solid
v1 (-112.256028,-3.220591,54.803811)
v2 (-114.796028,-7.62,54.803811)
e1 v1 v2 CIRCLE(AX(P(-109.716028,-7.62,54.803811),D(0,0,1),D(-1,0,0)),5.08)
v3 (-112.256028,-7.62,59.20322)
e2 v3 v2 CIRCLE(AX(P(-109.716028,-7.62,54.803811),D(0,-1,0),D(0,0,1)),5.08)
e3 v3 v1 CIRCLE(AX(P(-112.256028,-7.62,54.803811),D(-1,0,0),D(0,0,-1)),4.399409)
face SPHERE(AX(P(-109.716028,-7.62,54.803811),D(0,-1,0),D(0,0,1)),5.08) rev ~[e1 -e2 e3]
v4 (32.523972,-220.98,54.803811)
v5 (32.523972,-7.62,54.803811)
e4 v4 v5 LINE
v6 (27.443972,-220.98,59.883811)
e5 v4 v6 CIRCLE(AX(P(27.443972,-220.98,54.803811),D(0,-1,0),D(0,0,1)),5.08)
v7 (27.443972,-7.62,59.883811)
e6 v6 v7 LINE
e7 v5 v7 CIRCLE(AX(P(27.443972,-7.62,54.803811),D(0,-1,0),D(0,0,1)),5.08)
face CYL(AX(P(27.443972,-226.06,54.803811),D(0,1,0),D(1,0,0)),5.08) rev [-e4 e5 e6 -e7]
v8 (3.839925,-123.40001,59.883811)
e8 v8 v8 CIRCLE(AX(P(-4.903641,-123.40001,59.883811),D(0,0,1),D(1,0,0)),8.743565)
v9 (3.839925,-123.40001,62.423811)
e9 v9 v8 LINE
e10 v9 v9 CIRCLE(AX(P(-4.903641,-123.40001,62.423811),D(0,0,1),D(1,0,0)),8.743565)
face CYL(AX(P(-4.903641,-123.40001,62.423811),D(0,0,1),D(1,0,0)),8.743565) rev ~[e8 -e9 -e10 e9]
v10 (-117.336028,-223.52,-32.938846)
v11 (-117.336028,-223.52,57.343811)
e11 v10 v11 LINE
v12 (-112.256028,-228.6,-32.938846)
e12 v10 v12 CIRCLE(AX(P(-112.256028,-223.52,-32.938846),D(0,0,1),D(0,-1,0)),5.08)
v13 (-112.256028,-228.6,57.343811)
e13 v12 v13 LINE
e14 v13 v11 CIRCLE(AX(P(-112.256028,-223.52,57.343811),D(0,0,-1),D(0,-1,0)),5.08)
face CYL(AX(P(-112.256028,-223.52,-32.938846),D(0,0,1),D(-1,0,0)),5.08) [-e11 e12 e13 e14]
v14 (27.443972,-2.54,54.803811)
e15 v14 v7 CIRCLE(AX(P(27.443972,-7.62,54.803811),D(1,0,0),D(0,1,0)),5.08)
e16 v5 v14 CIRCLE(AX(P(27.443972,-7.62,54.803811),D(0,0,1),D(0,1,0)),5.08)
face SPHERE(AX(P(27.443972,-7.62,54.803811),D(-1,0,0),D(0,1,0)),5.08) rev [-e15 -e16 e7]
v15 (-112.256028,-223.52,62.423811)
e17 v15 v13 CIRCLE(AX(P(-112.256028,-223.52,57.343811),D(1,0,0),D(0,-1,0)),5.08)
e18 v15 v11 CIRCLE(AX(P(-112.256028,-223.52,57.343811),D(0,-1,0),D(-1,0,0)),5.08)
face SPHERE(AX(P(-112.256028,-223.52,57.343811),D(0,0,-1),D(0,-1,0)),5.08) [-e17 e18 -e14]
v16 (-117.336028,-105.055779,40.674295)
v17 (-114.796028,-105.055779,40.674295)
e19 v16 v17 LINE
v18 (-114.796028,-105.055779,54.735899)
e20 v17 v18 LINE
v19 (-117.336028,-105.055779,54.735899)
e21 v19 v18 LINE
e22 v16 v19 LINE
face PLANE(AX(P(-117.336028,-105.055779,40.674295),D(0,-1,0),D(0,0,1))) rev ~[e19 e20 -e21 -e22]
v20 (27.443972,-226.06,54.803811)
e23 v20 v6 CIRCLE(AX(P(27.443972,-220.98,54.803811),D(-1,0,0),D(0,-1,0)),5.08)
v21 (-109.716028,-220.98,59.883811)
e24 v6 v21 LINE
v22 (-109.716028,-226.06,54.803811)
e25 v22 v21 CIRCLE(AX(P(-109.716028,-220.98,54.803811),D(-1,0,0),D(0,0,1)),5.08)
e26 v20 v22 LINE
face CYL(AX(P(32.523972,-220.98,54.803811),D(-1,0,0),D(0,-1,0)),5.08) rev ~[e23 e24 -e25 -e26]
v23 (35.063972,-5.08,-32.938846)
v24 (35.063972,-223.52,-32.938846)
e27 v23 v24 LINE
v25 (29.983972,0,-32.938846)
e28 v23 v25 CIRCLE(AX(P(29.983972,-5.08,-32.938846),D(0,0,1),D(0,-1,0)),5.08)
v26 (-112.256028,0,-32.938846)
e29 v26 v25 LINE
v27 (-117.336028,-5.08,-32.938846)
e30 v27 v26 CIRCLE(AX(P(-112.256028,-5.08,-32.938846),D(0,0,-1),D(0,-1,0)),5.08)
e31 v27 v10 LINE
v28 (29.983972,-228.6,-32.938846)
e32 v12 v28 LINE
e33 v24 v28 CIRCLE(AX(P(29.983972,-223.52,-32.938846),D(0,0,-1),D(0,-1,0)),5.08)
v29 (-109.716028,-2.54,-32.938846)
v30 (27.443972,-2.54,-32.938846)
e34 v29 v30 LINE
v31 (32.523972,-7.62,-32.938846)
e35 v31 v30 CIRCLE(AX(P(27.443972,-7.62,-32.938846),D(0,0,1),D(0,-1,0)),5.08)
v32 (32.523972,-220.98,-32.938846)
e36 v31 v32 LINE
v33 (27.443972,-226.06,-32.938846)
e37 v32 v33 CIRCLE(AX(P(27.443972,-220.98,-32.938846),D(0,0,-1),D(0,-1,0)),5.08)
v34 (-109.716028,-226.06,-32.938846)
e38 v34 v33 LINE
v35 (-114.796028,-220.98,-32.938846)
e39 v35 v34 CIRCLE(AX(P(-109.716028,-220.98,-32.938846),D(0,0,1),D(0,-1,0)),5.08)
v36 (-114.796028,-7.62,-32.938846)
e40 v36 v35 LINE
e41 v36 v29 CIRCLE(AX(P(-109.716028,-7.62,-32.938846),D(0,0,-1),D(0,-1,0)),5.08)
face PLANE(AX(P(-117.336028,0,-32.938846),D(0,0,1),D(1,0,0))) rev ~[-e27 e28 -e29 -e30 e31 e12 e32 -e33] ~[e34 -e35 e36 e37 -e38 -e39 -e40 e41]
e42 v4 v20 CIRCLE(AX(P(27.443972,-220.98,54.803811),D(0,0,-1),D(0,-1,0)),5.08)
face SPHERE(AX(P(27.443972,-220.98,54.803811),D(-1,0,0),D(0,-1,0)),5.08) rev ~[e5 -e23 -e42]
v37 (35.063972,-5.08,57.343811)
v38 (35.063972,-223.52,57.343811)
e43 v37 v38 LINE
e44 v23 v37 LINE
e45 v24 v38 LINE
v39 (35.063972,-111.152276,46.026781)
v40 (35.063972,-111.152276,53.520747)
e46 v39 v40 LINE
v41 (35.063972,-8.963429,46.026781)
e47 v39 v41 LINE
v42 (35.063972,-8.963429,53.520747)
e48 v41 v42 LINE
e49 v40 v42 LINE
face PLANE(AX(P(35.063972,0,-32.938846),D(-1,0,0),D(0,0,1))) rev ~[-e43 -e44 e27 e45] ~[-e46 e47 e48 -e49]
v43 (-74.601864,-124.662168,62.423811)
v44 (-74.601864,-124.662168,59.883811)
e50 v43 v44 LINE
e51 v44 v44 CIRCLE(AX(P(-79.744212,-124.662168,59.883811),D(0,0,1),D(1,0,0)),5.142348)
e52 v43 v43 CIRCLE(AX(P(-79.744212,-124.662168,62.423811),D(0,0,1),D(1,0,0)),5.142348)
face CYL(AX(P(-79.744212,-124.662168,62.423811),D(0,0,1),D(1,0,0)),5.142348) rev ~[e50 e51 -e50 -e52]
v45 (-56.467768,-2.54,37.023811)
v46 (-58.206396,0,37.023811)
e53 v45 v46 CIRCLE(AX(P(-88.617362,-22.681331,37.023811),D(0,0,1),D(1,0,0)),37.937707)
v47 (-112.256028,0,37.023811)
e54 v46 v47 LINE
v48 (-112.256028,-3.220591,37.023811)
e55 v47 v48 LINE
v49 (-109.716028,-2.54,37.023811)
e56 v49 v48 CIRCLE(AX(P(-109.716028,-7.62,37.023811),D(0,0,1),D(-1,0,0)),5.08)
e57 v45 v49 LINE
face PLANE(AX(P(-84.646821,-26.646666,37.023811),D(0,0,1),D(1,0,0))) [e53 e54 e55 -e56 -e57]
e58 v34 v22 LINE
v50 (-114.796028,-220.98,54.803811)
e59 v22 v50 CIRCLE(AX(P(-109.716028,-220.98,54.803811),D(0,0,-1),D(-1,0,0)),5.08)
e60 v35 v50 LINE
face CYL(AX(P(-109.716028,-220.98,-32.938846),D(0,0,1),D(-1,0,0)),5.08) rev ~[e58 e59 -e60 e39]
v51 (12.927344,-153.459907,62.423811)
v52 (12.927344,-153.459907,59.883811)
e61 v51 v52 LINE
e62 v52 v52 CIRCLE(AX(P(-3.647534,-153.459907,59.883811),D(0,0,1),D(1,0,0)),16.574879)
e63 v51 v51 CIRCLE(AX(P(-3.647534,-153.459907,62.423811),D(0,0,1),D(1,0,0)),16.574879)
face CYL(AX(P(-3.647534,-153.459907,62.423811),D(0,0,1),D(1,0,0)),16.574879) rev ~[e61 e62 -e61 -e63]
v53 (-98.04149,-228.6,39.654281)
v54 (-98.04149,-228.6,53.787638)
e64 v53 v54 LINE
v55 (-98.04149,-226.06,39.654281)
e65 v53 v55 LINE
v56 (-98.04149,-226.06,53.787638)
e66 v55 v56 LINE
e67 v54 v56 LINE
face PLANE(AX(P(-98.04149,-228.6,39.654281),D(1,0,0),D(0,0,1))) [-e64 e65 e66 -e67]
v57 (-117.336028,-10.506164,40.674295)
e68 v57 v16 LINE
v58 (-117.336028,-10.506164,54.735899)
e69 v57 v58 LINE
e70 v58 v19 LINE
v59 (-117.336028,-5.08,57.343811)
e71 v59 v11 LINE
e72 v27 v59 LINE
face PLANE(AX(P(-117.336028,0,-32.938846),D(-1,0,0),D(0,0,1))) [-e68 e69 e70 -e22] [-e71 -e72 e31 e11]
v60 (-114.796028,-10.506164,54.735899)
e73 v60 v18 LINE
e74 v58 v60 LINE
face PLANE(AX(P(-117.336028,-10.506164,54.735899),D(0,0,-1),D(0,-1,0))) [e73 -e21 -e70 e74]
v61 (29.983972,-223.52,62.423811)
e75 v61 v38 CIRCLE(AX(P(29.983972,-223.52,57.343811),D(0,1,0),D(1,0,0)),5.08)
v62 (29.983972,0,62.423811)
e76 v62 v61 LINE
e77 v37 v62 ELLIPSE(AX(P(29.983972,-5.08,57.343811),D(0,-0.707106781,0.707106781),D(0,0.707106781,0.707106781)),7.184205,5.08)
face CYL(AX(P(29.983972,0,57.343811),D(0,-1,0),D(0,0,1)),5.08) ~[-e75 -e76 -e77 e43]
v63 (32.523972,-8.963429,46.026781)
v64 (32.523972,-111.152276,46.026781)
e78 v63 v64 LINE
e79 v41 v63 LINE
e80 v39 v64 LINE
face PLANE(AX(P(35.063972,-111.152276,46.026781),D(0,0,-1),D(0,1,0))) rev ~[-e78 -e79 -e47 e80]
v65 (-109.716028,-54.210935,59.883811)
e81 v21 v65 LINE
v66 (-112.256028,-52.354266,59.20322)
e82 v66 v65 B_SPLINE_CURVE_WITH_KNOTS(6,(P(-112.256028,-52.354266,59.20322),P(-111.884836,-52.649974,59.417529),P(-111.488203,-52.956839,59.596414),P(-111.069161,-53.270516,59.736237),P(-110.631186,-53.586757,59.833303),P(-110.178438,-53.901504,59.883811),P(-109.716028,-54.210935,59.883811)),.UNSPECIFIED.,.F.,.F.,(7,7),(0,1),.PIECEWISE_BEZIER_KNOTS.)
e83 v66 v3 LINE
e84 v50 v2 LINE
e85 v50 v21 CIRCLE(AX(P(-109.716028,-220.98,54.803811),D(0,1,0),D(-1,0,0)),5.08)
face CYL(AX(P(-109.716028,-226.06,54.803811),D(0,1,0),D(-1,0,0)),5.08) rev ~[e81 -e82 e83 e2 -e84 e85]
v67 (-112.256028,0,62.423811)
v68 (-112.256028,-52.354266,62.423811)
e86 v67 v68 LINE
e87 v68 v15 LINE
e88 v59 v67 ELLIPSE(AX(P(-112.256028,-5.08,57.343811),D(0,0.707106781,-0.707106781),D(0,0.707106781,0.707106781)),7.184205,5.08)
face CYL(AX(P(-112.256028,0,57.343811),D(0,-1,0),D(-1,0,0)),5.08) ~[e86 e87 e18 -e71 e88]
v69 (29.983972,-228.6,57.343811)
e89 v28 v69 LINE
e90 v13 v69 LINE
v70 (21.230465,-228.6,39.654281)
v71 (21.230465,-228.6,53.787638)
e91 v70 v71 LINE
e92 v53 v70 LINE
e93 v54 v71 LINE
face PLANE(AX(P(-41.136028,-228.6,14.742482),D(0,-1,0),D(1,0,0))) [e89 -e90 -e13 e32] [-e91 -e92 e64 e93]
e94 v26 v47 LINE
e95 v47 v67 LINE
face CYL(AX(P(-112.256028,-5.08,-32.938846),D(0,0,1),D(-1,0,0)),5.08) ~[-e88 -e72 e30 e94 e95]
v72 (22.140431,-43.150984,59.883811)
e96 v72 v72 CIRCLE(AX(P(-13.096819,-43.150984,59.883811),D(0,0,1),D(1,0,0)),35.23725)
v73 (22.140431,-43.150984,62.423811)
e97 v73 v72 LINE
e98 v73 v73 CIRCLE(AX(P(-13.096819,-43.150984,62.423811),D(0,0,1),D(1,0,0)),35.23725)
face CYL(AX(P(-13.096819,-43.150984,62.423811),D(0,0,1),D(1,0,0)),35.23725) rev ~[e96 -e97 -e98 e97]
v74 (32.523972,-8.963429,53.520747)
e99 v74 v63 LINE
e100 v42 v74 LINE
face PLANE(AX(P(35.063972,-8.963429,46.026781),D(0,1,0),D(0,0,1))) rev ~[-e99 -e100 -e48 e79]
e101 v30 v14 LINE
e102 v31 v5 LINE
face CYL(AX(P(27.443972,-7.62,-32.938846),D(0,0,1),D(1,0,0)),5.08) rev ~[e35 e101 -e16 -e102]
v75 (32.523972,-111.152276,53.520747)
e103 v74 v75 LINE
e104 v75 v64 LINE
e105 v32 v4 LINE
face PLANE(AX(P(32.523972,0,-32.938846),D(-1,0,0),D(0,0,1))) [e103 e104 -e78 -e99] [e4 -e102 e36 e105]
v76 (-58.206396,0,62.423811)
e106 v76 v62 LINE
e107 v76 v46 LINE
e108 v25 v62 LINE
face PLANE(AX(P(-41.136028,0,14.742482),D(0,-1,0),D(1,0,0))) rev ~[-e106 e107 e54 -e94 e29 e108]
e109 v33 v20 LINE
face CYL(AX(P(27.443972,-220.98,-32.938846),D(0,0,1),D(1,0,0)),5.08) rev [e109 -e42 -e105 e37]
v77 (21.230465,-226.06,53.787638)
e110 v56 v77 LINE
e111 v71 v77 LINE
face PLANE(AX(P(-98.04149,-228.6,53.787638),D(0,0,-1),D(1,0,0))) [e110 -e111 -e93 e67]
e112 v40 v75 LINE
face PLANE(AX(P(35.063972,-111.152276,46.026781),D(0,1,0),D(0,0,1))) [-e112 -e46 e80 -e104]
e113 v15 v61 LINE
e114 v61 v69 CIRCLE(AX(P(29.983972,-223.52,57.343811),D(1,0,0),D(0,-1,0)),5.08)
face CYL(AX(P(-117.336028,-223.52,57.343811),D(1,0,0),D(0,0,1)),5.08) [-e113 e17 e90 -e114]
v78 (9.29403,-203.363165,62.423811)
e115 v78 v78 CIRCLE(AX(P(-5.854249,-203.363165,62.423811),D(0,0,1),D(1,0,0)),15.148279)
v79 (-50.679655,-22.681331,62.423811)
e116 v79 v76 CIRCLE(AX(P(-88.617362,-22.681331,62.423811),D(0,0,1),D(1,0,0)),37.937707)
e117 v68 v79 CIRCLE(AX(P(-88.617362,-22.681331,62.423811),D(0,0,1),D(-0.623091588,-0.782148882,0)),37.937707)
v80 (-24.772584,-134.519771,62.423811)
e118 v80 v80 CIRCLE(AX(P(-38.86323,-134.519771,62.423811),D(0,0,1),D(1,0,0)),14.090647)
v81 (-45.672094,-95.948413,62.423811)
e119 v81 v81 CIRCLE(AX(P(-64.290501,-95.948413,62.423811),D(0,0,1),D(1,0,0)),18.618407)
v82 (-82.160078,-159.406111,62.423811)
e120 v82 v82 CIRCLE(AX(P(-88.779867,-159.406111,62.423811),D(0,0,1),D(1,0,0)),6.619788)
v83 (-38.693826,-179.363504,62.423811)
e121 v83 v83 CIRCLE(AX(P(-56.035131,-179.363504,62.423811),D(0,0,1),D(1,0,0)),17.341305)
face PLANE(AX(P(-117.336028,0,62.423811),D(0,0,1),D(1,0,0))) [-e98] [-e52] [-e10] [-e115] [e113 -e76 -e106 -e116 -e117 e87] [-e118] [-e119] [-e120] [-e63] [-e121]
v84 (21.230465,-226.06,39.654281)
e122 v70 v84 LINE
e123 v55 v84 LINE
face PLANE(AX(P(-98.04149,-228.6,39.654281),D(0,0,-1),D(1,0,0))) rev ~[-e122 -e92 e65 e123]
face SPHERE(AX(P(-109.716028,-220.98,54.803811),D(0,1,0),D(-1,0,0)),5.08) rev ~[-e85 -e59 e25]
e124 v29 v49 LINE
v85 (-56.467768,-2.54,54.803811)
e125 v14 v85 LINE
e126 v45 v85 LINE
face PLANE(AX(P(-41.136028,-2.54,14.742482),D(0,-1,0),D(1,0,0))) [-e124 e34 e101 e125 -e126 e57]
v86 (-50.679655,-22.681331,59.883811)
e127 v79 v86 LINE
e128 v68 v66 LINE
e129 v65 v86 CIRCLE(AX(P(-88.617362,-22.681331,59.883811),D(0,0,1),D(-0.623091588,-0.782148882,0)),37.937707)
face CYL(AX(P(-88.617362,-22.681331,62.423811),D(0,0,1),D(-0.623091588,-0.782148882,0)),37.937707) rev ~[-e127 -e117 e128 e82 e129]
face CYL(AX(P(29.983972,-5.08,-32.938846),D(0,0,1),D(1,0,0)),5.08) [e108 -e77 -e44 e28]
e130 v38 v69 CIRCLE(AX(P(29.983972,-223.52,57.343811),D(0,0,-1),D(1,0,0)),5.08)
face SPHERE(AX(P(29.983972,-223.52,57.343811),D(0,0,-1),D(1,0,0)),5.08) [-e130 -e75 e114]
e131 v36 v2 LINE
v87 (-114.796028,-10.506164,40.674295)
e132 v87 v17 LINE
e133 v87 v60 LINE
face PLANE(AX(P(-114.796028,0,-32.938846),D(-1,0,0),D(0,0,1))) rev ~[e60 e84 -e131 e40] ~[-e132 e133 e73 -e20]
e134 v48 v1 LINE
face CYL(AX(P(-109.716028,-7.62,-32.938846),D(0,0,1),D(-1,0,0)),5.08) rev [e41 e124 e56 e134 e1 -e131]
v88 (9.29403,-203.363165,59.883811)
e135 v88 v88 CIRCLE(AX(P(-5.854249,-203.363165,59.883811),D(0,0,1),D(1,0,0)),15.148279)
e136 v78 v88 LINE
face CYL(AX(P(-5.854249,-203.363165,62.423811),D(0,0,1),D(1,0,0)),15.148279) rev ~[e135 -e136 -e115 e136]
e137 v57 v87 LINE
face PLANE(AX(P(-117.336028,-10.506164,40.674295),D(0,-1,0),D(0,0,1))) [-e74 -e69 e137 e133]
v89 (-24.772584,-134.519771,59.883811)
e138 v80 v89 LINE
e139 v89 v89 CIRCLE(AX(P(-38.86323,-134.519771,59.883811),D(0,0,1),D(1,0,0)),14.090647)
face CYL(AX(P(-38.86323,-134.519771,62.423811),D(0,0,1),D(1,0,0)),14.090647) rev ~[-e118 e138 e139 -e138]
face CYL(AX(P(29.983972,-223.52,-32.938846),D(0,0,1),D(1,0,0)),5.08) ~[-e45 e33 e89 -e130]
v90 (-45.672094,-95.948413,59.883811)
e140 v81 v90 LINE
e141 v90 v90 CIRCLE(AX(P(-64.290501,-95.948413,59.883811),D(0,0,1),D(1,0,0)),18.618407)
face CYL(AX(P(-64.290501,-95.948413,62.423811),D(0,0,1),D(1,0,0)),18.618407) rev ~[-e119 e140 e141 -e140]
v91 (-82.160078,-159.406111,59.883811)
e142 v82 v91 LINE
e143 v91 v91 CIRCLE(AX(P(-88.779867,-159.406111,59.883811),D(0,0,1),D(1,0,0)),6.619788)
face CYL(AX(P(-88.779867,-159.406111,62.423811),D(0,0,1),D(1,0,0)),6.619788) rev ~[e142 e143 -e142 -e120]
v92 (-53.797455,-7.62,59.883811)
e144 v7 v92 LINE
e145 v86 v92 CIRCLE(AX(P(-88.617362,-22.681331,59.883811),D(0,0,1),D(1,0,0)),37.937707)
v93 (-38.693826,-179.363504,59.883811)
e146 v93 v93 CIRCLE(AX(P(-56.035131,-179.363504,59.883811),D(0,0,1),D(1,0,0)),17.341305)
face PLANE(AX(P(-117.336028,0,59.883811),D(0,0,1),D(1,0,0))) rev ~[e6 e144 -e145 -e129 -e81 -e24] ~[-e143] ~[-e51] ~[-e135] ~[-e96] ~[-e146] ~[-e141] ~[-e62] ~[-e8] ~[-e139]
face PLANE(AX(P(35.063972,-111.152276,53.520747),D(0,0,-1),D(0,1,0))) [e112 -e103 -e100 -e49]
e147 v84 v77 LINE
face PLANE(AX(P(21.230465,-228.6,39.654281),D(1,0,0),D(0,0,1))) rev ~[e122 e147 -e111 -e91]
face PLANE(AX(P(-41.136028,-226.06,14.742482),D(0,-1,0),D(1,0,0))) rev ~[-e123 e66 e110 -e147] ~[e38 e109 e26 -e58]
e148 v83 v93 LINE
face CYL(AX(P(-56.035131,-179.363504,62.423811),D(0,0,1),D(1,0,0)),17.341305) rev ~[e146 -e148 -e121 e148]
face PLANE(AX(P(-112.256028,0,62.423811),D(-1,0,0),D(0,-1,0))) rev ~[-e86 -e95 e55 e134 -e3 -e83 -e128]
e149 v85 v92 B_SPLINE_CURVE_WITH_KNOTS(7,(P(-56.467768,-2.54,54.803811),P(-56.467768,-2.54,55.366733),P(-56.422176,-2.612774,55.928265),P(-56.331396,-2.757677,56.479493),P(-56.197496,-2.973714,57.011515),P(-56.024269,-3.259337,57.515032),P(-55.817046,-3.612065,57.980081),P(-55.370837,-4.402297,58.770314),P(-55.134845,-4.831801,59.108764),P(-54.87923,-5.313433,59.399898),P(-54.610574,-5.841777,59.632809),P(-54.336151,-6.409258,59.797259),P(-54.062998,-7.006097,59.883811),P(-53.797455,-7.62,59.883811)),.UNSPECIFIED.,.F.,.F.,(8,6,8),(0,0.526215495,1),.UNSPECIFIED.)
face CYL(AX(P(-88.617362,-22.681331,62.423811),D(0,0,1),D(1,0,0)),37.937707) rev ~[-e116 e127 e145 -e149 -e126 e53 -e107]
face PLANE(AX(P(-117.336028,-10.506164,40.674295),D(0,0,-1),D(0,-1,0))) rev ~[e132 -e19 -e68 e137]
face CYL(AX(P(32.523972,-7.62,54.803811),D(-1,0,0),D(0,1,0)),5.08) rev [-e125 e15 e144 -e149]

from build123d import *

# Parameters (mm, degrees)
F0_W      = 152.4
F0_H      = 95.3626578227
F1_DEPTH  = 228.6
F2_T      = -2.54
F3_R      = 5.08
F4_R      = 35.2372499074
F5_DEPTH  = 25.4
F6_R      = 18.618406975
F6_R_2    = 16.5748786225
F6_R_3    = 8.7435651561
F6_R_4    = 17.3413047292
F7_DEPTH  = 25.4
F8_R      = 5.1423481667
F8_R_2    = 14.090646871
F8_R_3    = 6.6197884321
F8_R_4    = 15.148279019
F9_DEPTH  = 25.4
F10_W     = 119.2719545215
F10_H     = 14.1333565116
F11_DEPTH = 25.4
F12_W     = 94.5496149361
F12_H     = 14.0616036952
F13_DEPTH = 25.4
F14_W     = 102.1888470277
F14_H     = 7.4939653277
F15_DEPTH = 25.4


with BuildPart() as f1:
    # F0 (on Front) → F1 (new body)
    with BuildSketch(Plane.XZ):
        with Locations((-41.1360282451, 14.7424824536)):
            Rectangle(F0_W, F0_H)
    extrude(amount=F1_DEPTH)

    # F2
    f2_openings = [f1.faces().sort_by_distance(p)[0] for p in [
        (-41.136028, -114.3, -32.938846),
    ]]
    offset(amount=F2_T, openings=f2_openings)

    # F3
    f3_edges = [f1.edges().sort_by_distance(p)[0] for p in [
        (-114.796028, -114.3, 59.883811),
        (-114.796028, -226.06, 13.472482),
        (-41.136028, -226.06, 59.883811),
        (32.523972, -226.06, 13.472482),
        (-41.136028, -2.54, 59.883811),
        (-114.796028, -2.54, 13.472482),
        (35.063972, 0, 14.742482),
        (-117.336028, 0, 14.742482),
        (-117.336028, -228.6, 14.742482),
        (35.063972, -228.6, 14.742482),
        (32.523972, -2.54, 13.472482),
        (35.063972, -114.3, 62.423811),
        (-41.136028, -228.6, 62.423811),
        (-117.336028, -114.3, 62.423811),
        (32.523972, -114.3, 59.883811),
    ]]
    fillet(f3_edges, radius=F3_R)

    # F4 (on face) → F5 (cut)
    with BuildSketch(Plane.XY.offset(62.423811365)):
        with Locations((-13.0968187004, -43.1509837508)):
            Circle(F4_R)
    extrude(amount=-F5_DEPTH, mode=Mode.SUBTRACT)

    # F6 (on face) → F7 (cut)
    with BuildSketch(Plane.XY.offset(62.423811365)):
        with BuildLine():
            ThreePointArc((-112.2560282451, -52.3542664582), (-72.1481054557, -56.8578320674), (-50.6796549672, -22.681331262))
            ThreePointArc((-50.6796549672, -22.681331262), (-52.6104743381, -10.7325381795), (-58.2063964066, 0))
            Line((-58.2063964066, 0), (-112.2560282451, 0))
            Line((-112.2560282451, 0), (-112.2560282451, -52.3542664582))
        make_face()
        with Locations((-64.2905011773, -95.9484130144)):
            Circle(F6_R)
        with Locations((-3.6475341767, -153.4599065781)):
            Circle(F6_R_2)
        with Locations((-4.9036405981, -123.4000101686)):
            Circle(F6_R_3)
        with Locations((-56.035131216, -179.3635040522)):
            Circle(F6_R_4)
    extrude(amount=-F7_DEPTH, mode=Mode.SUBTRACT)

    # F8 (on face) → F9 (cut)
    with BuildSketch(Plane.XY.offset(62.423811365)):
        with Locations((-79.7442123294, -124.662168324)):
            Circle(F8_R)
        with Locations((-38.8632304966, -134.5197707415)):
            Circle(F8_R_2)
        with Locations((-88.7798666954, -159.4061106443)):
            Circle(F8_R_3)
        with Locations((-5.8542490005, -203.3631652594)):
            Circle(F8_R_4)
    extrude(amount=-F9_DEPTH, mode=Mode.SUBTRACT)

    # F10 (on face) → F11 (cut)
    with BuildSketch(Plane.XZ.offset(228.6)):
        with Locations((-38.4055124596, 46.7209592462)):
            Rectangle(F10_W, F10_H)
    extrude(amount=-F11_DEPTH, mode=Mode.SUBTRACT)

    # F12 (on face) → F13 (cut)
    with BuildSketch(Plane(origin=(-117.3360282451, 0, 0), x_dir=(0, -1, 0), z_dir=(-1, 0, 0))):
        with Locations((57.7809717506, 47.705097124)):
            Rectangle(F12_W, F12_H)
    extrude(amount=-F13_DEPTH, mode=Mode.SUBTRACT)

    # F14 (on face) → F15 (cut)
    with BuildSketch(Plane.YZ.offset(35.0639717549)):
        with Locations((-60.0578528829, 49.7737638652)):
            Rectangle(F14_W, F14_H)
    extrude(amount=-F15_DEPTH, mode=Mode.SUBTRACT)


solid = f1.part
